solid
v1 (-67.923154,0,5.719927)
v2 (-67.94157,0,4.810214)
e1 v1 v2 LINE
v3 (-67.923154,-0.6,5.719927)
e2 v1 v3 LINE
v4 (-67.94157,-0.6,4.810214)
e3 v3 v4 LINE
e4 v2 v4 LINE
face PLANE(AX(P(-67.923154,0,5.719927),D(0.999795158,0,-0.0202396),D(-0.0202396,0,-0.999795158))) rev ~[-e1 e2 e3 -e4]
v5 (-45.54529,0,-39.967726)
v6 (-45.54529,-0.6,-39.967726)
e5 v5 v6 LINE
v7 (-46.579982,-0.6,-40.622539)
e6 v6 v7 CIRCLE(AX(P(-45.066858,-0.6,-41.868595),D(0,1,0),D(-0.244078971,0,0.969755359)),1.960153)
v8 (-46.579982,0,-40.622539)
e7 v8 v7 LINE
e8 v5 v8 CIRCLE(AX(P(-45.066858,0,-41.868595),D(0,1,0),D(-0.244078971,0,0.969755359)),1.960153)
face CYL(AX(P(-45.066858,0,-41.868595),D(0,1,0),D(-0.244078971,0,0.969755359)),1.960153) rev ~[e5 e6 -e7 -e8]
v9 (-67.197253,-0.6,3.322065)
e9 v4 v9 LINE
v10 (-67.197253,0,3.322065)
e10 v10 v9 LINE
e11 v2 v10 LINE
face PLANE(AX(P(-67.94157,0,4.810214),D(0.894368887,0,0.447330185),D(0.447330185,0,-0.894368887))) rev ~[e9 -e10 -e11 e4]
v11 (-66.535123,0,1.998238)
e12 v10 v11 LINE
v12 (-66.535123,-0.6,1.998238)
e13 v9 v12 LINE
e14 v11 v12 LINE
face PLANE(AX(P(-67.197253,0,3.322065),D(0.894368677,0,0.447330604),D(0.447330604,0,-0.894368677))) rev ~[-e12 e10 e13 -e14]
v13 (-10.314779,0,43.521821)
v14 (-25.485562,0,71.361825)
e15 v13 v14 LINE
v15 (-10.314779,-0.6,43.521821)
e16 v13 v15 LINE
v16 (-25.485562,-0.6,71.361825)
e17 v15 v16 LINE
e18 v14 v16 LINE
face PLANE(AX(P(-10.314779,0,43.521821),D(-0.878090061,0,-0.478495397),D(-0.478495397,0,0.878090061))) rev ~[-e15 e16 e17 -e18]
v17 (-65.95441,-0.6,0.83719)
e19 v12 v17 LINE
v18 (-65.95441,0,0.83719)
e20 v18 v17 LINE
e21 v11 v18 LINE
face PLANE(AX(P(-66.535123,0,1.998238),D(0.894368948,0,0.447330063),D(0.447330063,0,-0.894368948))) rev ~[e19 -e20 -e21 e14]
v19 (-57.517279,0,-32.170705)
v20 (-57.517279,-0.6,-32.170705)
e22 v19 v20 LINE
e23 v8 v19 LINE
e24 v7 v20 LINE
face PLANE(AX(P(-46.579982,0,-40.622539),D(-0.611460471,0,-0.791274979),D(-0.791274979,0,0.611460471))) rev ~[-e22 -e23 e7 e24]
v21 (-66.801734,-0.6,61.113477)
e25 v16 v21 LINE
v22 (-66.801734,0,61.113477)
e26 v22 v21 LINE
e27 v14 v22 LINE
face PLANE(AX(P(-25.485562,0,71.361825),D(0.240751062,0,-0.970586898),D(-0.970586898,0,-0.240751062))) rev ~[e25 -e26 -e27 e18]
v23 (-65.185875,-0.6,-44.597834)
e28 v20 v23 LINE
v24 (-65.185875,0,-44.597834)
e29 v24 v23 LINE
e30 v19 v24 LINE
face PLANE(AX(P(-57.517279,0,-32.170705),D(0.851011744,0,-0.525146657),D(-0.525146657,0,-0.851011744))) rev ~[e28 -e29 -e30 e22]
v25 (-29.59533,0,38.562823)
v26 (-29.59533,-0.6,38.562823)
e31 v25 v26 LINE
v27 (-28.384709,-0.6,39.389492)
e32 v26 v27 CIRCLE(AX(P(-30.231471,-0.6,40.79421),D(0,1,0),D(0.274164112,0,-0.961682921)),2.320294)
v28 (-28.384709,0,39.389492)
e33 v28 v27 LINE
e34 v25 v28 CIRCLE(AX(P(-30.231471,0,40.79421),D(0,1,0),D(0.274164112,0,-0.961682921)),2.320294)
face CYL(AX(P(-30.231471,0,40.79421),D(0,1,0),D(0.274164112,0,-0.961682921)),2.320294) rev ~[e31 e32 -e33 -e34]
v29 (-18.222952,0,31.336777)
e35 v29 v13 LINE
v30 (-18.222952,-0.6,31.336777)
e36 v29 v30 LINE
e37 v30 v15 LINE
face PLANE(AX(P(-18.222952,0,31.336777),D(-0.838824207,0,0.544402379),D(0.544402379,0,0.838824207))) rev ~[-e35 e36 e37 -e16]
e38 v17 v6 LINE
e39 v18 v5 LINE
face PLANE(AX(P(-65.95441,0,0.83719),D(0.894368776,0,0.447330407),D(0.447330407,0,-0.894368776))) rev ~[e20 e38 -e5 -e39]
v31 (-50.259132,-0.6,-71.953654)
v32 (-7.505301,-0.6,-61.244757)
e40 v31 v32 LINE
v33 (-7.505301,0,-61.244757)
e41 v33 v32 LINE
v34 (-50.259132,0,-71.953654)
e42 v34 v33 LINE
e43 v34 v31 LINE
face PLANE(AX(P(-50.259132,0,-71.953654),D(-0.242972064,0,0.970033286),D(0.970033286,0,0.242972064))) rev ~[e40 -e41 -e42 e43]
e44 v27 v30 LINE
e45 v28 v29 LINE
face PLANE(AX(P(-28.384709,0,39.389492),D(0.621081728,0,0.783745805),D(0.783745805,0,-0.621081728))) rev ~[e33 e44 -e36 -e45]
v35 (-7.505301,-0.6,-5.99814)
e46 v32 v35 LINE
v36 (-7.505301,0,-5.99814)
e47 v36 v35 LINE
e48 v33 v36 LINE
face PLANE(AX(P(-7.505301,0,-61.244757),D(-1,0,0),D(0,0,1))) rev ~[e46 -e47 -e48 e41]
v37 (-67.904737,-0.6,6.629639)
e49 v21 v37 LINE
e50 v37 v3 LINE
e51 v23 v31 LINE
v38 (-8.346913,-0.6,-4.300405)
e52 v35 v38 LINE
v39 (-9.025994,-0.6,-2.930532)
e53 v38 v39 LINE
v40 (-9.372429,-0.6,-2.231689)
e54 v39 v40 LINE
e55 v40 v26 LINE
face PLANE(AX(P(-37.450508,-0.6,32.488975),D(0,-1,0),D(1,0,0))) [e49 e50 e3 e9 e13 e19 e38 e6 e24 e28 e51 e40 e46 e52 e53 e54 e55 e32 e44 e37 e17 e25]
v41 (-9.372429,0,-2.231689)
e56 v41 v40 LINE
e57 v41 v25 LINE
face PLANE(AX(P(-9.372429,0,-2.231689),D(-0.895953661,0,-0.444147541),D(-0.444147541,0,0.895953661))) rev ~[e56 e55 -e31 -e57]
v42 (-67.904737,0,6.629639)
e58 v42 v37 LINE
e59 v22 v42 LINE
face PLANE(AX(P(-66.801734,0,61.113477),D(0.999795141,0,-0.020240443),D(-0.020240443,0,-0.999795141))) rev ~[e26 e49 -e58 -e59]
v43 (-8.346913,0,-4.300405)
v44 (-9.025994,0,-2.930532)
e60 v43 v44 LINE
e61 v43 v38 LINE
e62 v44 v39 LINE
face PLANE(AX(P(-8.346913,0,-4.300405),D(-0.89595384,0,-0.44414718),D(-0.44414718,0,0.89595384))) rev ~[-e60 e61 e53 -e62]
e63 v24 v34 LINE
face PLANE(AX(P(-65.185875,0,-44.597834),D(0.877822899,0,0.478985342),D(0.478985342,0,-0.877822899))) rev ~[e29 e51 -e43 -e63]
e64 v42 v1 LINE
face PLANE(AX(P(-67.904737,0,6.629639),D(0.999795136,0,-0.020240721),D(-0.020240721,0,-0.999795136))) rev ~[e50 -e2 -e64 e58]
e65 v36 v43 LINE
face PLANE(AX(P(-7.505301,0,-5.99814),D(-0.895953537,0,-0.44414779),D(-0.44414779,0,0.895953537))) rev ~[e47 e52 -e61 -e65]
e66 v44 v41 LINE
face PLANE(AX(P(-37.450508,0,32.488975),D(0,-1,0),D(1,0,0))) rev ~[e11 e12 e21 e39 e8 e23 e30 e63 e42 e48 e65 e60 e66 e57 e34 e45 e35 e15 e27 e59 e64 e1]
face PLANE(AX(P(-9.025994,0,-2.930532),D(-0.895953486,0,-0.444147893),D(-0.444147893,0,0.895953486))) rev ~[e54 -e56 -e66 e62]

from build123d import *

# Parameters (mm, degrees)
F1_DEPTH = 0.6


with BuildPart() as f1:
    # F0 (on Front) → F1 (new body)
    with BuildSketch(Plane.XZ):
        with BuildLine():
            Line((-25.485562, 71.361825), (-66.801734, 61.113477))
            Line((-66.801734, 61.113477), (-67.904737, 6.629639))
            Line((-67.904737, 6.629639), (-9.025994, -2.930532))
            Line((-9.025994, -2.930532), (-9.372429, -2.231689))
            Line((-9.372429, -2.231689), (-29.59533, 38.562823))
            ThreePointArc((-29.59533, 38.562823), (-31.539924, 42.710382), (-28.384709, 39.389492))
            Line((-28.384709, 39.389492), (-18.222952, 31.336777))
            Line((-18.222952, 31.336777), (-10.314779, 43.521821))
            Line((-10.314779, 43.521821), (-25.485562, 71.361825))
        make_face()
        Polygon((-9.025994, -2.930532), (-67.904737, 6.629639), (-67.923154, 5.719927), (-8.346913, -4.300405), align=None)
        Polygon((-8.346913, -4.300405), (-67.923154, 5.719927), (-67.94157, 4.810214), (-7.505301, -5.99814), align=None)
        Polygon((-7.505301, -5.99814), (-67.94157, 4.810214), (-67.197253, 3.322065), (-7.505301, -6.950844), align=None)
        Polygon((-7.505301, -6.950844), (-67.197253, 3.322065), (-66.535123, 1.998238), (-7.505301, -8.160719), align=None)
        Polygon((-7.505301, -8.160719), (-66.535123, 1.998238), (-65.95441, 0.83719), (-7.505301, -9.583006), align=None)
        with BuildLine():
            Line((-7.505301, -9.583006), (-65.95441, 0.83719))
            Line((-65.95441, 0.83719), (-45.54529, -39.967726))
            ThreePointArc((-45.54529, -39.967726), (-44.018635, -43.524925), (-46.579982, -40.622539))
            Line((-46.579982, -40.622539), (-57.517279, -32.170705))
            Line((-57.517279, -32.170705), (-65.185875, -44.597834))
            Line((-65.185875, -44.597834), (-50.259132, -71.953654))
            Line((-50.259132, -71.953654), (-7.505301, -61.244757))
            Line((-7.505301, -61.244757), (-7.505301, -9.583006))
        make_face()
    extrude(amount=F1_DEPTH)


solid = f1.part
